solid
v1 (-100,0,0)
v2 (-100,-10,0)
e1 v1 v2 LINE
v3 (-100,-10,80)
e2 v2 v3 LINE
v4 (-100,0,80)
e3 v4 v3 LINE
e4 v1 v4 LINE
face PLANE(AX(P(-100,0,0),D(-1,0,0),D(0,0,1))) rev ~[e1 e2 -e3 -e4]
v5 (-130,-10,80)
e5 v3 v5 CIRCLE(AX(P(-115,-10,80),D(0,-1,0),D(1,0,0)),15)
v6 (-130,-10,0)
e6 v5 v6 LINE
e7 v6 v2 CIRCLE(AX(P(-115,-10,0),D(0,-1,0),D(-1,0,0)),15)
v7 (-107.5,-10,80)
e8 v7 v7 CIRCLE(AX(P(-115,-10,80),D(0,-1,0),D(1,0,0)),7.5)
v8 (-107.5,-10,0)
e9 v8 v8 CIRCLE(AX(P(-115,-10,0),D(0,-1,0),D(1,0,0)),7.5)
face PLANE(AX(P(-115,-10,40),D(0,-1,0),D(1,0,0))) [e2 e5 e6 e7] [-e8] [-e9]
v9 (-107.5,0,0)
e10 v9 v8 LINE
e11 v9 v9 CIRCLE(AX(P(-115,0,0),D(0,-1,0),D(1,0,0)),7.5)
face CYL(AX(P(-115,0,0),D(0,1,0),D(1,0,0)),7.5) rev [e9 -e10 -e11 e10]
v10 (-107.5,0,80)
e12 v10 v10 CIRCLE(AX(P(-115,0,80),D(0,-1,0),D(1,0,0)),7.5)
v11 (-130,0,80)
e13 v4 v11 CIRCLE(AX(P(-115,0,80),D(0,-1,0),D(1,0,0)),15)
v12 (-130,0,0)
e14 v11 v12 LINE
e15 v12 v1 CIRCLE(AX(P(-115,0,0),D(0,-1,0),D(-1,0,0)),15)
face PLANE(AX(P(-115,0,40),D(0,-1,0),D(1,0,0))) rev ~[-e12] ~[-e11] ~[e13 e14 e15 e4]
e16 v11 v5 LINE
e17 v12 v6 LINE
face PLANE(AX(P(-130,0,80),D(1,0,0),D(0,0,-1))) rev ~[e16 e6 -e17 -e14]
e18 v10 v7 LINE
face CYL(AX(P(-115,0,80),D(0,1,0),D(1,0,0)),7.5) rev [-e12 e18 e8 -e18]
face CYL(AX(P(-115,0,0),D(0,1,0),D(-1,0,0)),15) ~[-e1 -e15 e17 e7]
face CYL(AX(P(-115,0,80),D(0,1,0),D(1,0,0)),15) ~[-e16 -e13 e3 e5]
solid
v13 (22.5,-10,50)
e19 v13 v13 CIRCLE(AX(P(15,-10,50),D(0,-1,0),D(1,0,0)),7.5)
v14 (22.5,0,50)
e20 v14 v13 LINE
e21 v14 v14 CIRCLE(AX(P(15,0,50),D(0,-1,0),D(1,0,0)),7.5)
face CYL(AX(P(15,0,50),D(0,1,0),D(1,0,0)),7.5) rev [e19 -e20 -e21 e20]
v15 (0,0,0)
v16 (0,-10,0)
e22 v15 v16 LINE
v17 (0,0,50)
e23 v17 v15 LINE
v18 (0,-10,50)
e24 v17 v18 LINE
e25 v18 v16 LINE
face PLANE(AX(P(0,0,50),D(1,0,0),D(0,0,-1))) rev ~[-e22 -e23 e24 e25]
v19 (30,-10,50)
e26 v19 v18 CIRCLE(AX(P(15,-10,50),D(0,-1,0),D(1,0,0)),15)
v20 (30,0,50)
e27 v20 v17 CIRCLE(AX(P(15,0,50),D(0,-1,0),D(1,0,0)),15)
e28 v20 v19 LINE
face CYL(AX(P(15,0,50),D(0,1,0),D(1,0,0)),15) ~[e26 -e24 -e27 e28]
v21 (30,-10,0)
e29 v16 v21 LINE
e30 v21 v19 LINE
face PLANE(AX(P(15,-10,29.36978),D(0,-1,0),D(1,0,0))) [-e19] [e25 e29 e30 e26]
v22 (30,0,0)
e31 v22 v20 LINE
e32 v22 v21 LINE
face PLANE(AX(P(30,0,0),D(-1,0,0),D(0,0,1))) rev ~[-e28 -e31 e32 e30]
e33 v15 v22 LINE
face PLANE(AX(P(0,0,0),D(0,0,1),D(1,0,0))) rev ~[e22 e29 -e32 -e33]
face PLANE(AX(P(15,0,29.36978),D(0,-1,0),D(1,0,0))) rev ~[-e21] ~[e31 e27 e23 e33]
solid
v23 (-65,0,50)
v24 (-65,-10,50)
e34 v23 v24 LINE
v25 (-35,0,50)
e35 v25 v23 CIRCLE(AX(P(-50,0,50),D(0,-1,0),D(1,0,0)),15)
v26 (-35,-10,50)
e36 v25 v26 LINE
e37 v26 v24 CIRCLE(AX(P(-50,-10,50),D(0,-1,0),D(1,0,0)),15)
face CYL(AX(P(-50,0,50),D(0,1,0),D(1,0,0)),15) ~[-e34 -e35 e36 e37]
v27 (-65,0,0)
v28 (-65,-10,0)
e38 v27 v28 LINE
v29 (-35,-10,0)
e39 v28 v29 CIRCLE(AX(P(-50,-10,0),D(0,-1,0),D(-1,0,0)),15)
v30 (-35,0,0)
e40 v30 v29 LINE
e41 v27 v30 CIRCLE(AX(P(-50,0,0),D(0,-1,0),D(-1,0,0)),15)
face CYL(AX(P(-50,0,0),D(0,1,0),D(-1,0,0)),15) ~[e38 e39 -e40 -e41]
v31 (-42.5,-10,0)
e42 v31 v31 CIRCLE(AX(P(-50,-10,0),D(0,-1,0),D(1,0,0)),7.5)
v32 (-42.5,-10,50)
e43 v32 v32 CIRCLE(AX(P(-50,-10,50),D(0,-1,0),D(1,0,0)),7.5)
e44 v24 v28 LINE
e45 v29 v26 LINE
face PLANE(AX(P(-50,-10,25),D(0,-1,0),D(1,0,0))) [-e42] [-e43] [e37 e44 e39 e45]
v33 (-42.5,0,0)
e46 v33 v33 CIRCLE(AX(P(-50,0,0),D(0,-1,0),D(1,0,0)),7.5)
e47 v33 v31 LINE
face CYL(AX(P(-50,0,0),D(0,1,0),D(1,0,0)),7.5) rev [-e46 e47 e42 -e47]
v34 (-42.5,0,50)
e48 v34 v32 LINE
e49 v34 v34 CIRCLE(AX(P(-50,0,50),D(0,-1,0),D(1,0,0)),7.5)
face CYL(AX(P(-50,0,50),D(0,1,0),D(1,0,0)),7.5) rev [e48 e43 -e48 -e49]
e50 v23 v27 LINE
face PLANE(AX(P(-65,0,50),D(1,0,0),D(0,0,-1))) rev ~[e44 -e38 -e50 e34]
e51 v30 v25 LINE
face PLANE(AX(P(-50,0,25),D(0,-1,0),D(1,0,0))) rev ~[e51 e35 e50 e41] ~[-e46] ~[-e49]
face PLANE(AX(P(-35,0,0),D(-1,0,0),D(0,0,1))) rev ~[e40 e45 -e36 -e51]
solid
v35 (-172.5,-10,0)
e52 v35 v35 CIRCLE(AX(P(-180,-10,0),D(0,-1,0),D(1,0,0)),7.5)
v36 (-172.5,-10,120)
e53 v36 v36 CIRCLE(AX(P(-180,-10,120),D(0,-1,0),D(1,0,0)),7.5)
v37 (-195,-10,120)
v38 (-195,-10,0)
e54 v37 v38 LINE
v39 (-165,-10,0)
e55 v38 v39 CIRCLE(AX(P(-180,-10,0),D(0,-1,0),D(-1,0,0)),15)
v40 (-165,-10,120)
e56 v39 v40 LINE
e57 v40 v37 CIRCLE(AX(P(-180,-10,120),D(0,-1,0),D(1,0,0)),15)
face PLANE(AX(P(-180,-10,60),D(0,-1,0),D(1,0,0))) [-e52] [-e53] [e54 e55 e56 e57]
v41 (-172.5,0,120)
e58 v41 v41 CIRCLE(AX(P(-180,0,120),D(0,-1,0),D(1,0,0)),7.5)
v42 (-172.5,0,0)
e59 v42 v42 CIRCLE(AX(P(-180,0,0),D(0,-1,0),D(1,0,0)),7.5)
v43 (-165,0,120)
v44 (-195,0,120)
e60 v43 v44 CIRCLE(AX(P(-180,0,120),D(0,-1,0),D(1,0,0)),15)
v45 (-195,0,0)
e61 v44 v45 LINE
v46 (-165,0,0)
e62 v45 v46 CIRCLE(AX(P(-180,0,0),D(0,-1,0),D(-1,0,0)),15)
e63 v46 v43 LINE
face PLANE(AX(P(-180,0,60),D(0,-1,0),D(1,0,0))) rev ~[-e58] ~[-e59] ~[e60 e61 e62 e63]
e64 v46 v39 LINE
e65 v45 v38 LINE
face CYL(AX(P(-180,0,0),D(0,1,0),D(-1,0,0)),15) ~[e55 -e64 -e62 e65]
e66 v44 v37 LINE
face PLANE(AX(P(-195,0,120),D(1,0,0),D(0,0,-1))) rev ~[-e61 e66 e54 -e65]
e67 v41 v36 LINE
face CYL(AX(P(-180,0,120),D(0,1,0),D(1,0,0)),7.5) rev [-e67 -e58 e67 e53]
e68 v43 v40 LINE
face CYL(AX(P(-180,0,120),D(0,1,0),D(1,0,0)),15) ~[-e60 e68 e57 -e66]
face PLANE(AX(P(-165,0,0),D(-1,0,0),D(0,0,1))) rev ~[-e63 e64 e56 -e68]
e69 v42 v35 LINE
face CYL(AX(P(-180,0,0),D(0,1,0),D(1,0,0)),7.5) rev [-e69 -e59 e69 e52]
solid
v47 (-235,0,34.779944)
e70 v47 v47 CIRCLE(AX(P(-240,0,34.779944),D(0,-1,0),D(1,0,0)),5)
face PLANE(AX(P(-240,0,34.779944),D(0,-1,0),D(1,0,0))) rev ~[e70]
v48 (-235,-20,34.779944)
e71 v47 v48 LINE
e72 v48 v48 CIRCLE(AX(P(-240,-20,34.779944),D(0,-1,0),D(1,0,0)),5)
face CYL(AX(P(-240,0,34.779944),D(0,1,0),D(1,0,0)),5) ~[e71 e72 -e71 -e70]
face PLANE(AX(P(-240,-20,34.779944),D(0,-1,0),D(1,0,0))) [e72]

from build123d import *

# Parameters (mm, degrees)
F1_R      = 7.5
F2_DEPTH  = 10
F3_R      = 7.5
F4_DEPTH  = 10
F5_R      = 7.5
F6_DEPTH  = 10
F7_R      = 7.5
F8_DEPTH  = 10
F9_R      = 5
F10_DEPTH = 20


with BuildPart() as f2:
    # F1 (on Front) → F2 (new body)
    with BuildSketch(Plane.XZ):
        with BuildLine():
            Line((0, 50), (0, 0))
            Line((0, 0), (30, 0))
            Line((30, 0), (30, 50))
            ThreePointArc((30, 50), (15, 65), (0, 50))
        make_face()
        with Locations((15, 50)):
            Circle(F1_R, mode=Mode.SUBTRACT)
    extrude(amount=F2_DEPTH)


with BuildPart() as f4:
    # F3 (on Front) → F4 (new body)
    with BuildSketch(Plane.XZ):
        with BuildLine():
            Line((-65, 50), (-65, 0))
            ThreePointArc((-65, 0), (-50, -15), (-35, 0))
            Line((-35, 0), (-35, 50))
            ThreePointArc((-35, 50), (-50, 65), (-65, 50))
        make_face()
        with Locations((-50, 0)):
            Circle(F3_R, mode=Mode.SUBTRACT)
        with Locations((-50, 50)):
            Circle(F3_R, mode=Mode.SUBTRACT)
    extrude(amount=F4_DEPTH)


with BuildPart() as f6:
    # F5 (on Front) → F6 (new body)
    with BuildSketch(Plane.XZ):
        with BuildLine():
            Line((-130, 80), (-130, 0))
            ThreePointArc((-130, 0), (-115, -15), (-100, 0))
            Line((-100, 0), (-100, 80))
            ThreePointArc((-100, 80), (-115, 95), (-130, 80))
        make_face()
        with Locations((-115, 0)):
            Circle(F5_R, mode=Mode.SUBTRACT)
        with Locations((-115, 80)):
            Circle(F5_R, mode=Mode.SUBTRACT)
    extrude(amount=F6_DEPTH)


with BuildPart() as f8:
    # F7 (on Front) → F8 (new body)
    with BuildSketch(Plane.XZ):
        with BuildLine():
            Line((-195, 120), (-195, 0))
            ThreePointArc((-195, 0), (-180, -15), (-165, 0))
            Line((-165, 0), (-165, 120))
            ThreePointArc((-165, 120), (-180, 135), (-195, 120))
        make_face()
        with Locations((-180, 0)):
            Circle(F7_R, mode=Mode.SUBTRACT)
        with Locations((-180, 120)):
            Circle(F7_R, mode=Mode.SUBTRACT)
    extrude(amount=F8_DEPTH)


with BuildPart() as f10:
    # F9 (on Front) → F10 (new body)
    with BuildSketch(Plane.XZ):
        with Locations((-240, 34.7799435258)):
            Circle(F9_R)
    extrude(amount=F10_DEPTH)


solid = Compound([f2.part, f4.part, f6.part, f8.part, f10.part])
